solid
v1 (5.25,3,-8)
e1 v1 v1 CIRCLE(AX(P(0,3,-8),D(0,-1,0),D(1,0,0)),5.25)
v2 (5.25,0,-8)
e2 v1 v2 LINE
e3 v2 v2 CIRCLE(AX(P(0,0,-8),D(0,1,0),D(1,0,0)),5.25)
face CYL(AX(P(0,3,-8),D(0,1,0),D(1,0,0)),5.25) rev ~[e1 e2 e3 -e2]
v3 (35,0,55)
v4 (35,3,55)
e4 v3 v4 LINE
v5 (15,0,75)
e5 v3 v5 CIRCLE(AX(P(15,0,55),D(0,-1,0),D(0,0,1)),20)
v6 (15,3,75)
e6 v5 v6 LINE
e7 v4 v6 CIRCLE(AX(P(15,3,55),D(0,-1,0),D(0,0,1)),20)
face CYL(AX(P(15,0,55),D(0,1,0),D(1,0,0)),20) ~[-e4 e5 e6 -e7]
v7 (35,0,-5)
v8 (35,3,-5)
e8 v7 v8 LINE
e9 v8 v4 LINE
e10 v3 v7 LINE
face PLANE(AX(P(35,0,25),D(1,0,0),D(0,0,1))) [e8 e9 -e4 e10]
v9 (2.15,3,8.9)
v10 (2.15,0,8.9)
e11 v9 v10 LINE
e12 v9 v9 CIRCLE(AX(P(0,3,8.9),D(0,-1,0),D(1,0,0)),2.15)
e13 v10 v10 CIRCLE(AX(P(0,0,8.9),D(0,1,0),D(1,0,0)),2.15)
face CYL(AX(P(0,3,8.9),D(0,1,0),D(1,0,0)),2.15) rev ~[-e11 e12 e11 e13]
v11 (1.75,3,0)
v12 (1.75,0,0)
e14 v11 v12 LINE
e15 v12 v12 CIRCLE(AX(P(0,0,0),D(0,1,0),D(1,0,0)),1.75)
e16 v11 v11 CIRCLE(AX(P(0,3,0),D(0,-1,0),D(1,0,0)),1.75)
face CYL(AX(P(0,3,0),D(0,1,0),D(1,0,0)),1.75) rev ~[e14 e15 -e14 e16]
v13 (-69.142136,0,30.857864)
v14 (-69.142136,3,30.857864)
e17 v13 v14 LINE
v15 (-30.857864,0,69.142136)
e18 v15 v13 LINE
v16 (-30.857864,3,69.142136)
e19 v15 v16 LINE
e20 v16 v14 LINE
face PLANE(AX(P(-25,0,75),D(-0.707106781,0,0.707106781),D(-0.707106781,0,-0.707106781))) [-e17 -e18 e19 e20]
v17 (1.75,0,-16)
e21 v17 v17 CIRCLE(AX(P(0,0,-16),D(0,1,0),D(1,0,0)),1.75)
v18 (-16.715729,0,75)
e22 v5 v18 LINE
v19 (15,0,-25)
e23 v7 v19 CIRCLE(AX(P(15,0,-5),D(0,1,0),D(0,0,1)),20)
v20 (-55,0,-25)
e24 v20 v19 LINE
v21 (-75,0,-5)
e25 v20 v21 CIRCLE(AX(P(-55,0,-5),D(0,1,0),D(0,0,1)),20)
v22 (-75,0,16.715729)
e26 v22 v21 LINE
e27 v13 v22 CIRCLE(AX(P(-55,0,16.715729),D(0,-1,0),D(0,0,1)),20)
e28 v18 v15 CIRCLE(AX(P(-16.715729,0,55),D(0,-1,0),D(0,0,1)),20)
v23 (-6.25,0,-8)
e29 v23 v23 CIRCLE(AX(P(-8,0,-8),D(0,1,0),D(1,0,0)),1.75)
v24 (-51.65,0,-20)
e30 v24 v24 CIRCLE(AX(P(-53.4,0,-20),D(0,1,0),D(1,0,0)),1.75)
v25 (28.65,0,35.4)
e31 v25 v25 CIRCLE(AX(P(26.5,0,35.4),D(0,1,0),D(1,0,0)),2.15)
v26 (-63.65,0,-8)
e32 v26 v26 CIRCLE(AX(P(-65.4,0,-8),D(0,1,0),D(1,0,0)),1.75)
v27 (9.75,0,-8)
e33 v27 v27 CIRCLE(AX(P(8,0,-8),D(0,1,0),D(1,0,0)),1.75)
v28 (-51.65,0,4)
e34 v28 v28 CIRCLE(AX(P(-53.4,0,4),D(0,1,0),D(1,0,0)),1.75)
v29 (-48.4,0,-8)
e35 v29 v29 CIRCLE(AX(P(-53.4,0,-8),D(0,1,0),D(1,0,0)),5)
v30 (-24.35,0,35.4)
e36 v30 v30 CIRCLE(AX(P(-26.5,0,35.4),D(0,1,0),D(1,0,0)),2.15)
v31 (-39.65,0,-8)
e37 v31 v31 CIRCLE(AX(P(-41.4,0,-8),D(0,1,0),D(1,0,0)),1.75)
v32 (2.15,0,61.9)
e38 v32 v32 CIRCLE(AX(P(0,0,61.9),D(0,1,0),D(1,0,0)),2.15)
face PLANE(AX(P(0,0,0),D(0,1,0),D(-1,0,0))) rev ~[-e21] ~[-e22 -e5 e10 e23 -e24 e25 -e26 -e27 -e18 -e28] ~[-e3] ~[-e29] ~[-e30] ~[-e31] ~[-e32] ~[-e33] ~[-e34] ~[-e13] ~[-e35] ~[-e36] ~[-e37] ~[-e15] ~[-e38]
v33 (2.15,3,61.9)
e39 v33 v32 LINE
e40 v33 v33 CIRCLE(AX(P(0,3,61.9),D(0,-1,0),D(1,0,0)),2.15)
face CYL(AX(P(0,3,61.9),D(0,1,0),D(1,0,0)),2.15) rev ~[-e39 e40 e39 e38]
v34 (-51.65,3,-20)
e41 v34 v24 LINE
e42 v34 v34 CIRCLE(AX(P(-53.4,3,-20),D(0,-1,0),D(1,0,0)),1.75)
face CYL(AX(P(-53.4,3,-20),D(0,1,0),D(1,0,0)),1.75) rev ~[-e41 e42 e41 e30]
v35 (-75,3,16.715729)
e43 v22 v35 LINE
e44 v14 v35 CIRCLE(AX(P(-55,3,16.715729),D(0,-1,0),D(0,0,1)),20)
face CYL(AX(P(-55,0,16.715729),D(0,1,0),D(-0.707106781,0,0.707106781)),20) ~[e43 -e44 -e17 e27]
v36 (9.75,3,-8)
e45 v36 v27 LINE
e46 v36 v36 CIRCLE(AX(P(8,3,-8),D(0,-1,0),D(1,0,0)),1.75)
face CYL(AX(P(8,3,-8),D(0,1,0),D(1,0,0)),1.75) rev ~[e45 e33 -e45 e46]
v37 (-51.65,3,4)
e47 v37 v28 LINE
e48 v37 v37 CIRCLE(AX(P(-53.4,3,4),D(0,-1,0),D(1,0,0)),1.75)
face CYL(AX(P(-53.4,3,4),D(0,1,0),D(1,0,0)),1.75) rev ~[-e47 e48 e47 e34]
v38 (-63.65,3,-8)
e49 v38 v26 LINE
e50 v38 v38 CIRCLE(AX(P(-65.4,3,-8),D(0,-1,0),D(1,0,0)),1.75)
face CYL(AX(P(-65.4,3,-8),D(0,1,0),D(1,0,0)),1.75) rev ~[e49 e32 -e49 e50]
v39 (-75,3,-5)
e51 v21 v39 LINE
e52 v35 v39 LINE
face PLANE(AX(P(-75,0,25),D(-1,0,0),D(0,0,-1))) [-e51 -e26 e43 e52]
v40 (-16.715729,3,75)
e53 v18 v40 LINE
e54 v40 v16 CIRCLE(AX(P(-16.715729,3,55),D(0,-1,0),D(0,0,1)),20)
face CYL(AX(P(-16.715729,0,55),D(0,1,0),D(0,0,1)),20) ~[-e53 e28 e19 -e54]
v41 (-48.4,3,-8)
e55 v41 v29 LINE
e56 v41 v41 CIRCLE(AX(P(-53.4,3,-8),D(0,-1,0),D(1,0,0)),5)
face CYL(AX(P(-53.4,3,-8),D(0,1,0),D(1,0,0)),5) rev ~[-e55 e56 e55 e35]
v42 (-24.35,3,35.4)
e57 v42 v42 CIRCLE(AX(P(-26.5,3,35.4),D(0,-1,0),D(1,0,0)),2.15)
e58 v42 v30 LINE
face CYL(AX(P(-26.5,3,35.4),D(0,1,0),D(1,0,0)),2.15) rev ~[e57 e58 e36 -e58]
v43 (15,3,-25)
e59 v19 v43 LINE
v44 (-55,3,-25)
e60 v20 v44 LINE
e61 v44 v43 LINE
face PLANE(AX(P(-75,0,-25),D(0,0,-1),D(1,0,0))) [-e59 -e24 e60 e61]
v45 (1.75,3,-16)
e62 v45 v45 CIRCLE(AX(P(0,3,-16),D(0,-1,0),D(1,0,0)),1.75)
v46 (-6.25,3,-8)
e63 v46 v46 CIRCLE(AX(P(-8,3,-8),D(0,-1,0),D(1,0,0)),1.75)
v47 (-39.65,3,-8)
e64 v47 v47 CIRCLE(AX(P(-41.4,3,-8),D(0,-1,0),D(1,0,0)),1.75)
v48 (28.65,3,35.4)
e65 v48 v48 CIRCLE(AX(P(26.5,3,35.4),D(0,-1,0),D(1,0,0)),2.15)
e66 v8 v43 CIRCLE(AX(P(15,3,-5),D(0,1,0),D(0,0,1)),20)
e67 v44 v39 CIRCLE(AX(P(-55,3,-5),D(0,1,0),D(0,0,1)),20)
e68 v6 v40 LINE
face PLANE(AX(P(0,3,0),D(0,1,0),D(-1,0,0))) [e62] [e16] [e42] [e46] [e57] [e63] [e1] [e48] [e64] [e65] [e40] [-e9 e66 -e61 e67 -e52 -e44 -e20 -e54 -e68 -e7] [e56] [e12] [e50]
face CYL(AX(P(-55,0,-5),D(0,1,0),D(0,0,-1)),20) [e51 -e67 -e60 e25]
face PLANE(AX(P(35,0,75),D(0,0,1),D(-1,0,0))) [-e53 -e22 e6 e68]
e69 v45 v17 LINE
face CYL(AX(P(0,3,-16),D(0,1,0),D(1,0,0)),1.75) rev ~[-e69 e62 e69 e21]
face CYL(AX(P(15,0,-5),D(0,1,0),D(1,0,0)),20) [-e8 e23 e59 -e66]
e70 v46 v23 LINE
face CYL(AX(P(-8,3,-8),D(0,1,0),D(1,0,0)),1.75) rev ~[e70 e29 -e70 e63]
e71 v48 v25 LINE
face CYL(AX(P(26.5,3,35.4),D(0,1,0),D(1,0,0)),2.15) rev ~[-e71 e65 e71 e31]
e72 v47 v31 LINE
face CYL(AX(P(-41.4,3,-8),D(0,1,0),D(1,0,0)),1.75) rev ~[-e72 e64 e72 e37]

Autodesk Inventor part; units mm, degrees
ref_plane "YZ Plane" through (0, 0, 0) normal (1, 0, 0) x (0, 1, 0)
ref_plane "XZ Plane" through (0, 0, 0) normal (0, 1, 0) x (-1, 0, 0)
ref_plane "XY Plane" through (0, 0, 0) normal (0, 0, 1) x (1, 0, 0)
sketch "Sketch1" plane through (0, 0, 0) normal (0, 1, 0) x (-1, 0, 0)
  line L0 (-75, 25) -> (75, 25)
  line L1 (75, 25) -> (75, -25)
  line L2 (75, -25) -> (-75, -25)
  line L3 (-75, -25) -> (-75, 25)
  line L4 (-75, 25) -> (75, -25) construction
  line L5 (75, 25) -> (-75, -25) construction
  line L6 (-75, -25) -> (-35, -25)
  line L7 (-35, -25) -> (-35, 25)
  line L8 (-35, 25) -> (-75, 25)
  line L9 (-75, 25) -> (-75, -25)
  line L10 (-35, 25) -> (-35, 75)
  line L11 (-35, 75) -> (75, 75)
  line L12 (75, 75) -> (75, 25)
  line L13 (-35, 75) -> (25, 75)
  line L14 (25, 75) -> (75, 25)
  point P0 (0, 0)
  point P1 (-35, -25)
  dimension "d0" = 150
  dimension "d1" = 50
  dimension "d57" = 40
  dimension "d58" = 50
  dimension "d59" = 50
  dimension "d60" = 60
extrude "Extrusion1" add sketch "Sketch1" along normal blind 3 contours L10 L11 L14 L0 | L0 L1 L2 L7
sketch "Sketch6" plane through (0, 3, 0) normal (0, 1, 0) x (1, 0, 0)
  line L0 (35, 25) -> (-75, 25) projected
  line L1 (0, 25) -> (0, 8)
  circle A0 centre (0, 8) radius 5.25
  line L2 (0, 8) -> (-53.4, 8)
  circle A1 centre (-53.4, 8) radius 5
  circle A2 centre (0, 8) radius 8
  circle A3 centre (0, 16) radius 1.75
  circle A4 centre (-8, 8) radius 1.75
  circle A5 centre (0, 0) radius 1.75
  circle A6 centre (8, 8) radius 1.75
  circle A7 centre (-53.4, 8) radius 12
  line L3 (-53.4, -4) -> (-53.4, 20)
  circle A8 centre (-53.4, 20) radius 1.75
  circle A9 centre (-65.4, 8) radius 1.75
  circle A10 centre (-53.4, -4) radius 1.75
  circle A11 centre (-41.4, 8) radius 1.75
  point P0 (0, 0)
  point P1 (75, 25)
  dimension "d49" = 24
  dimension "d40" = 17
  dimension "d41" = 10.5
  dimension "d42" = 53.4
  dimension "d43" = 10
  dimension "d44" = 3.5
  dimension "d47" = 360
  dimension "d50" = 3.5
  dimension "d53" = 360
extrude "Extrusion6" cut sketch "Sketch6" against normal through all contours A3 A2 L1 | A11 A7 L2 | L2 A7 A11 | L1 A2 A3 | A2 A3 L1 | L1 A3 A2 | A4 L2 A2 | A2 L2 A4 | A0 L2 L1 | L1 L2 A0 | A6 A2 | A2 A6 | A2 A4 L2 | L2 A4 A2 | A5 A2 | A2 A5 | A7 A11 L2 | L2 A11 A7 | A8 L3 A7 | A7 A8 | A10 A7 | A7 L3 A10 | A1 L3 L2 | L2 L3 A1 | L3 A8 A7 | A7 A10 L3 | L3 A1 | A9 A7 | A7 A9
fillet "Fillet1" radius 20 5 edges at (35, 1.5, -25) (35, 1.5, 75) (-25, 1.5, 75) (-75, 1.5, 25) (-75, 1.5, -25)
sketch "Sketch7" plane through (0, 3, 0) normal (0, 1, 0) x (1, 0, 0)
  arc A0 (15, -75) -> (35, -55) centre (15, -55) ccw projected
  line L0 (35, -55) -> (0, -55)
  line L1 (-16.7157, -75) -> (15, -75) projected
  line L2 (0, -75) -> (0, -35.4)
  line L3 (0, -75) -> (39.6, -75) construction
  circle A1 centre (0, -35.4) radius 26.5
  circle A2 centre (0, -61.9) radius 2.15
  circle A3 centre (26.5, -35.4) radius 2.15
  circle A4 centre (0, -8.9) radius 2.15
  circle A5 centre (-26.5, -35.4) radius 2.15
  point P0 (0, 0)
  dimension "d65" = 53
  dimension "d62" = 35
  dimension "d63" = 39.6
  dimension "d64" = 90
  dimension "d66" = 4.3
  dimension "d69" = 360
extrude "Extrusion7" cut sketch "Sketch7" against normal through all contours A2 A1 L2 | L2 A1 A2 | A1 L2 A2 | A3 A1 | A1 A3 | A1 A2 L2 | A5 A1 | A1 A5 | A4 A1 | A1 A4
properties part number "TopMount"
